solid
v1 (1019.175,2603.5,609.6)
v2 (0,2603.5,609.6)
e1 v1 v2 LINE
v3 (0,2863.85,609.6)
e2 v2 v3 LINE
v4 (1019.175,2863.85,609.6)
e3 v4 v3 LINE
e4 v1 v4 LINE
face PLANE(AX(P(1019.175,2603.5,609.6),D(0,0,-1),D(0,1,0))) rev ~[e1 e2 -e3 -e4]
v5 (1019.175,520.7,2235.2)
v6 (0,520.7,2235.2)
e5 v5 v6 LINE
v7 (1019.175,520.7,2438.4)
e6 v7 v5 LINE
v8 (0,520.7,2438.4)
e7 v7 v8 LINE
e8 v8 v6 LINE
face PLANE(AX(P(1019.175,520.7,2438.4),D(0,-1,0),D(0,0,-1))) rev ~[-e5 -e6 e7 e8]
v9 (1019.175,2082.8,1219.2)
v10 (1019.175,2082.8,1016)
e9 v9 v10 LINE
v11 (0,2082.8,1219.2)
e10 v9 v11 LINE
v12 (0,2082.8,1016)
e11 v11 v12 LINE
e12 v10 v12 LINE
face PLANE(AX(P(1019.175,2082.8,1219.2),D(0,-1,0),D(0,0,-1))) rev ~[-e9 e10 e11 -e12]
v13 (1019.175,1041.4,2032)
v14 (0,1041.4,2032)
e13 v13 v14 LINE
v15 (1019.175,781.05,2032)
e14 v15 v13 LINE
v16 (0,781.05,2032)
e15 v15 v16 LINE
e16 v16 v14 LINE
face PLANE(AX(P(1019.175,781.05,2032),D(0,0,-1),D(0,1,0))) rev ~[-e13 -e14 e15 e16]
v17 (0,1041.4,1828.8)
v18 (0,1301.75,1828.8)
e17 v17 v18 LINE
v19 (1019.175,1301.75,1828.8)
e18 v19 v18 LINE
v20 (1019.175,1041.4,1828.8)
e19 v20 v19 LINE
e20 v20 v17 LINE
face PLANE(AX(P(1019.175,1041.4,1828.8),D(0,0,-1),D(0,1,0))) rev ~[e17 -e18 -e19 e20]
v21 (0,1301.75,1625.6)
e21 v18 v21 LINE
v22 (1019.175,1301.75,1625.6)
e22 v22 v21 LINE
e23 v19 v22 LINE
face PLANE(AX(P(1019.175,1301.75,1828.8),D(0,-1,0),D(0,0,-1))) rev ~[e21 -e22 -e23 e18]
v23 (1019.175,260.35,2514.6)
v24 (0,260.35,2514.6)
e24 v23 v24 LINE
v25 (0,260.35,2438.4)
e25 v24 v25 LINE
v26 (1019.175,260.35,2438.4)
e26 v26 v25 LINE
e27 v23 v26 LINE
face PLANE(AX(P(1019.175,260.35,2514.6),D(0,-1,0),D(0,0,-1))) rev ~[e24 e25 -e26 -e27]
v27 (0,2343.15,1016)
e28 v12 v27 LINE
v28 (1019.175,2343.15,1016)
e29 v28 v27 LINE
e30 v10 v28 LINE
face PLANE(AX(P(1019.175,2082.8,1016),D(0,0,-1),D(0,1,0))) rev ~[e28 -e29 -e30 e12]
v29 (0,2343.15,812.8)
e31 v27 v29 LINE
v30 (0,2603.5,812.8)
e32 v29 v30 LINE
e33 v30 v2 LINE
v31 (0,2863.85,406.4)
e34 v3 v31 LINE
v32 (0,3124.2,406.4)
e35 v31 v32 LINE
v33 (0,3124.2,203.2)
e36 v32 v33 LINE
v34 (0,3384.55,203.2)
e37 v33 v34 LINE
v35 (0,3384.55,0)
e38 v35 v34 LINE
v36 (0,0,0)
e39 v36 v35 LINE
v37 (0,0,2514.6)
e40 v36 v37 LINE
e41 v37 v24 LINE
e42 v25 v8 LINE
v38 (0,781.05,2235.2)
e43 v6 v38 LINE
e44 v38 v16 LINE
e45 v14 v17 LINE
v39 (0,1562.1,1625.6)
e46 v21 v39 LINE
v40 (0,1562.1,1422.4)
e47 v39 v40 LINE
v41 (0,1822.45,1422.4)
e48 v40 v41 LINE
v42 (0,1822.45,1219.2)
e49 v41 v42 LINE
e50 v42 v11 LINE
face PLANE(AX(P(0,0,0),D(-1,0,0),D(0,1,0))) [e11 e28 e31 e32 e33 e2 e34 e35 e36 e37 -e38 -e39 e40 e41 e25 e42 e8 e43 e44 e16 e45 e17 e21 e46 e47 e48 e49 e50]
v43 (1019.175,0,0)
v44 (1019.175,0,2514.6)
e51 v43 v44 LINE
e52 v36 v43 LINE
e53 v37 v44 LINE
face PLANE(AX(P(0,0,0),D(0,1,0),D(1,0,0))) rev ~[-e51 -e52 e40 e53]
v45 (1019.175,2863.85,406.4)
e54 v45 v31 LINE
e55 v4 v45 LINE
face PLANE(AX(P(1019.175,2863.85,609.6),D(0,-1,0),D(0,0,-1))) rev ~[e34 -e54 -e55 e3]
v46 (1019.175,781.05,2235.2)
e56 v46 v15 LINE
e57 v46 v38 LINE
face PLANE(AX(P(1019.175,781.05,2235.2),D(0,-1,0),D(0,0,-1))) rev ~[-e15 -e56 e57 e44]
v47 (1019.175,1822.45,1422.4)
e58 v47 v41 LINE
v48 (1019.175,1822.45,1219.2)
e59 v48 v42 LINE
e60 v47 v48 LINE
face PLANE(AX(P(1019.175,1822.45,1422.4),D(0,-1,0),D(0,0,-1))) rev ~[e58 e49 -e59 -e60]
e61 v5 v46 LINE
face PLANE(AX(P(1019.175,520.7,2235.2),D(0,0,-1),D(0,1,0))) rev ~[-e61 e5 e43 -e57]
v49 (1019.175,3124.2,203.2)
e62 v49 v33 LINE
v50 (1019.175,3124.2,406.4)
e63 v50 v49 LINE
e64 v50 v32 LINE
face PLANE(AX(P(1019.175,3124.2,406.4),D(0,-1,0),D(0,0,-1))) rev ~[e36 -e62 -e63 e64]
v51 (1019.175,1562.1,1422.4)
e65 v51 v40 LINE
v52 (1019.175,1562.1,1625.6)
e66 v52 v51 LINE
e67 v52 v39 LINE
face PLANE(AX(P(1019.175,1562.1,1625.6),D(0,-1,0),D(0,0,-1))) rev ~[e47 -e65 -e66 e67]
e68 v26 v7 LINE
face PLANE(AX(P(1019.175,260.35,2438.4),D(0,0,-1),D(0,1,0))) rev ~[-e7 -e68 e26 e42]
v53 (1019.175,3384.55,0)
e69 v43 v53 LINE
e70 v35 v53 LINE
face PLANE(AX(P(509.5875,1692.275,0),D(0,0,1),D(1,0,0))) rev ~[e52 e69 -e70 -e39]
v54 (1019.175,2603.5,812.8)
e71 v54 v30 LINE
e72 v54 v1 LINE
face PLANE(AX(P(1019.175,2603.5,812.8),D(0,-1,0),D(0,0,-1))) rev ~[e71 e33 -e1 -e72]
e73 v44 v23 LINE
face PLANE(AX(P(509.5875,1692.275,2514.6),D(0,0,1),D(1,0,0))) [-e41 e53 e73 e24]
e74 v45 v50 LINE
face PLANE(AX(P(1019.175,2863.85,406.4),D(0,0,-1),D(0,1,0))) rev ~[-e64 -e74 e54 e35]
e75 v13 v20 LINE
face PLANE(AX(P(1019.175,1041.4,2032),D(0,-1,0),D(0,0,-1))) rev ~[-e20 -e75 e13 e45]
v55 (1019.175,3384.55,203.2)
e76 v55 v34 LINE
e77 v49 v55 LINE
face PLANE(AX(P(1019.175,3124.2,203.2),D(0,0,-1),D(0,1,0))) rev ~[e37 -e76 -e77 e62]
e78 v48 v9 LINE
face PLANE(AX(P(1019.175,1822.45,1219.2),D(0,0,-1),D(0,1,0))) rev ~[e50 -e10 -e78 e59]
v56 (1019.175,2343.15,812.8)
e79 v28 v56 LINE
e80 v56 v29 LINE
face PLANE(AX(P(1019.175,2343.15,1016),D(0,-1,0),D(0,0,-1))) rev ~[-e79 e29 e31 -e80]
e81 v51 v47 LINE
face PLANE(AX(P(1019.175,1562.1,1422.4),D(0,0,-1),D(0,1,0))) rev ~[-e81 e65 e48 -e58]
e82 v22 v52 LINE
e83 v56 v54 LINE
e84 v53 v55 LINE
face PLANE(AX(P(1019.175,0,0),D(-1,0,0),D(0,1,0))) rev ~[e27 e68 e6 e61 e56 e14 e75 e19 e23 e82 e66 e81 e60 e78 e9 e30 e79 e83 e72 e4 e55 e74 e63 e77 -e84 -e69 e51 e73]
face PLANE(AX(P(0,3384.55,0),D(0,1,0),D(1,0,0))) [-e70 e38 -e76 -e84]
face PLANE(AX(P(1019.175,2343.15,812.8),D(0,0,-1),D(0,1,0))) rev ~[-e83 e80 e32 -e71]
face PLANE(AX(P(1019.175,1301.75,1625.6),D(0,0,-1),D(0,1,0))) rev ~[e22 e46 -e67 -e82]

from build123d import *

# Parameters (mm, degrees)
F0_W     = 1019.175
F0_H     = 3384.55
F1_DEPTH = 2514.6
F3_DEPTH = 1019.175


with BuildPart() as f1:
    # F0 (on Top) → F1 (new body)
    with BuildSketch(Plane.XY):
        with Locations((509.5875, 1692.275)):
            Rectangle(F0_W, F0_H)
    extrude(amount=F1_DEPTH)

    # F2 (on face) → F3 (cut)
    with BuildSketch(Plane.YZ.offset(1019.175)):
        Polygon((3124.2, 203.2), (3384.55, 203.2), (3384.55, 2514.6), (260.35, 2514.6), (260.35, 2438.4), (520.7, 2438.4), (520.7, 2235.2), (781.05, 2235.2), (781.05, 2032), (1041.4, 2032), (1041.4, 1828.8), (1301.75, 1828.8), (1301.75, 1625.6), (1562.1, 1625.6), (1562.1, 1422.4), (1822.45, 1422.4), (1822.45, 1219.2), (2082.8, 1219.2), (2082.8, 1016), (2343.15, 1016), (2343.15, 812.8), (2603.5, 812.8), (2603.5, 609.6), (2863.85, 609.6), (2863.85, 406.4), (3124.2, 406.4), align=None)
    extrude(amount=-F3_DEPTH, mode=Mode.SUBTRACT)


solid = f1.part
